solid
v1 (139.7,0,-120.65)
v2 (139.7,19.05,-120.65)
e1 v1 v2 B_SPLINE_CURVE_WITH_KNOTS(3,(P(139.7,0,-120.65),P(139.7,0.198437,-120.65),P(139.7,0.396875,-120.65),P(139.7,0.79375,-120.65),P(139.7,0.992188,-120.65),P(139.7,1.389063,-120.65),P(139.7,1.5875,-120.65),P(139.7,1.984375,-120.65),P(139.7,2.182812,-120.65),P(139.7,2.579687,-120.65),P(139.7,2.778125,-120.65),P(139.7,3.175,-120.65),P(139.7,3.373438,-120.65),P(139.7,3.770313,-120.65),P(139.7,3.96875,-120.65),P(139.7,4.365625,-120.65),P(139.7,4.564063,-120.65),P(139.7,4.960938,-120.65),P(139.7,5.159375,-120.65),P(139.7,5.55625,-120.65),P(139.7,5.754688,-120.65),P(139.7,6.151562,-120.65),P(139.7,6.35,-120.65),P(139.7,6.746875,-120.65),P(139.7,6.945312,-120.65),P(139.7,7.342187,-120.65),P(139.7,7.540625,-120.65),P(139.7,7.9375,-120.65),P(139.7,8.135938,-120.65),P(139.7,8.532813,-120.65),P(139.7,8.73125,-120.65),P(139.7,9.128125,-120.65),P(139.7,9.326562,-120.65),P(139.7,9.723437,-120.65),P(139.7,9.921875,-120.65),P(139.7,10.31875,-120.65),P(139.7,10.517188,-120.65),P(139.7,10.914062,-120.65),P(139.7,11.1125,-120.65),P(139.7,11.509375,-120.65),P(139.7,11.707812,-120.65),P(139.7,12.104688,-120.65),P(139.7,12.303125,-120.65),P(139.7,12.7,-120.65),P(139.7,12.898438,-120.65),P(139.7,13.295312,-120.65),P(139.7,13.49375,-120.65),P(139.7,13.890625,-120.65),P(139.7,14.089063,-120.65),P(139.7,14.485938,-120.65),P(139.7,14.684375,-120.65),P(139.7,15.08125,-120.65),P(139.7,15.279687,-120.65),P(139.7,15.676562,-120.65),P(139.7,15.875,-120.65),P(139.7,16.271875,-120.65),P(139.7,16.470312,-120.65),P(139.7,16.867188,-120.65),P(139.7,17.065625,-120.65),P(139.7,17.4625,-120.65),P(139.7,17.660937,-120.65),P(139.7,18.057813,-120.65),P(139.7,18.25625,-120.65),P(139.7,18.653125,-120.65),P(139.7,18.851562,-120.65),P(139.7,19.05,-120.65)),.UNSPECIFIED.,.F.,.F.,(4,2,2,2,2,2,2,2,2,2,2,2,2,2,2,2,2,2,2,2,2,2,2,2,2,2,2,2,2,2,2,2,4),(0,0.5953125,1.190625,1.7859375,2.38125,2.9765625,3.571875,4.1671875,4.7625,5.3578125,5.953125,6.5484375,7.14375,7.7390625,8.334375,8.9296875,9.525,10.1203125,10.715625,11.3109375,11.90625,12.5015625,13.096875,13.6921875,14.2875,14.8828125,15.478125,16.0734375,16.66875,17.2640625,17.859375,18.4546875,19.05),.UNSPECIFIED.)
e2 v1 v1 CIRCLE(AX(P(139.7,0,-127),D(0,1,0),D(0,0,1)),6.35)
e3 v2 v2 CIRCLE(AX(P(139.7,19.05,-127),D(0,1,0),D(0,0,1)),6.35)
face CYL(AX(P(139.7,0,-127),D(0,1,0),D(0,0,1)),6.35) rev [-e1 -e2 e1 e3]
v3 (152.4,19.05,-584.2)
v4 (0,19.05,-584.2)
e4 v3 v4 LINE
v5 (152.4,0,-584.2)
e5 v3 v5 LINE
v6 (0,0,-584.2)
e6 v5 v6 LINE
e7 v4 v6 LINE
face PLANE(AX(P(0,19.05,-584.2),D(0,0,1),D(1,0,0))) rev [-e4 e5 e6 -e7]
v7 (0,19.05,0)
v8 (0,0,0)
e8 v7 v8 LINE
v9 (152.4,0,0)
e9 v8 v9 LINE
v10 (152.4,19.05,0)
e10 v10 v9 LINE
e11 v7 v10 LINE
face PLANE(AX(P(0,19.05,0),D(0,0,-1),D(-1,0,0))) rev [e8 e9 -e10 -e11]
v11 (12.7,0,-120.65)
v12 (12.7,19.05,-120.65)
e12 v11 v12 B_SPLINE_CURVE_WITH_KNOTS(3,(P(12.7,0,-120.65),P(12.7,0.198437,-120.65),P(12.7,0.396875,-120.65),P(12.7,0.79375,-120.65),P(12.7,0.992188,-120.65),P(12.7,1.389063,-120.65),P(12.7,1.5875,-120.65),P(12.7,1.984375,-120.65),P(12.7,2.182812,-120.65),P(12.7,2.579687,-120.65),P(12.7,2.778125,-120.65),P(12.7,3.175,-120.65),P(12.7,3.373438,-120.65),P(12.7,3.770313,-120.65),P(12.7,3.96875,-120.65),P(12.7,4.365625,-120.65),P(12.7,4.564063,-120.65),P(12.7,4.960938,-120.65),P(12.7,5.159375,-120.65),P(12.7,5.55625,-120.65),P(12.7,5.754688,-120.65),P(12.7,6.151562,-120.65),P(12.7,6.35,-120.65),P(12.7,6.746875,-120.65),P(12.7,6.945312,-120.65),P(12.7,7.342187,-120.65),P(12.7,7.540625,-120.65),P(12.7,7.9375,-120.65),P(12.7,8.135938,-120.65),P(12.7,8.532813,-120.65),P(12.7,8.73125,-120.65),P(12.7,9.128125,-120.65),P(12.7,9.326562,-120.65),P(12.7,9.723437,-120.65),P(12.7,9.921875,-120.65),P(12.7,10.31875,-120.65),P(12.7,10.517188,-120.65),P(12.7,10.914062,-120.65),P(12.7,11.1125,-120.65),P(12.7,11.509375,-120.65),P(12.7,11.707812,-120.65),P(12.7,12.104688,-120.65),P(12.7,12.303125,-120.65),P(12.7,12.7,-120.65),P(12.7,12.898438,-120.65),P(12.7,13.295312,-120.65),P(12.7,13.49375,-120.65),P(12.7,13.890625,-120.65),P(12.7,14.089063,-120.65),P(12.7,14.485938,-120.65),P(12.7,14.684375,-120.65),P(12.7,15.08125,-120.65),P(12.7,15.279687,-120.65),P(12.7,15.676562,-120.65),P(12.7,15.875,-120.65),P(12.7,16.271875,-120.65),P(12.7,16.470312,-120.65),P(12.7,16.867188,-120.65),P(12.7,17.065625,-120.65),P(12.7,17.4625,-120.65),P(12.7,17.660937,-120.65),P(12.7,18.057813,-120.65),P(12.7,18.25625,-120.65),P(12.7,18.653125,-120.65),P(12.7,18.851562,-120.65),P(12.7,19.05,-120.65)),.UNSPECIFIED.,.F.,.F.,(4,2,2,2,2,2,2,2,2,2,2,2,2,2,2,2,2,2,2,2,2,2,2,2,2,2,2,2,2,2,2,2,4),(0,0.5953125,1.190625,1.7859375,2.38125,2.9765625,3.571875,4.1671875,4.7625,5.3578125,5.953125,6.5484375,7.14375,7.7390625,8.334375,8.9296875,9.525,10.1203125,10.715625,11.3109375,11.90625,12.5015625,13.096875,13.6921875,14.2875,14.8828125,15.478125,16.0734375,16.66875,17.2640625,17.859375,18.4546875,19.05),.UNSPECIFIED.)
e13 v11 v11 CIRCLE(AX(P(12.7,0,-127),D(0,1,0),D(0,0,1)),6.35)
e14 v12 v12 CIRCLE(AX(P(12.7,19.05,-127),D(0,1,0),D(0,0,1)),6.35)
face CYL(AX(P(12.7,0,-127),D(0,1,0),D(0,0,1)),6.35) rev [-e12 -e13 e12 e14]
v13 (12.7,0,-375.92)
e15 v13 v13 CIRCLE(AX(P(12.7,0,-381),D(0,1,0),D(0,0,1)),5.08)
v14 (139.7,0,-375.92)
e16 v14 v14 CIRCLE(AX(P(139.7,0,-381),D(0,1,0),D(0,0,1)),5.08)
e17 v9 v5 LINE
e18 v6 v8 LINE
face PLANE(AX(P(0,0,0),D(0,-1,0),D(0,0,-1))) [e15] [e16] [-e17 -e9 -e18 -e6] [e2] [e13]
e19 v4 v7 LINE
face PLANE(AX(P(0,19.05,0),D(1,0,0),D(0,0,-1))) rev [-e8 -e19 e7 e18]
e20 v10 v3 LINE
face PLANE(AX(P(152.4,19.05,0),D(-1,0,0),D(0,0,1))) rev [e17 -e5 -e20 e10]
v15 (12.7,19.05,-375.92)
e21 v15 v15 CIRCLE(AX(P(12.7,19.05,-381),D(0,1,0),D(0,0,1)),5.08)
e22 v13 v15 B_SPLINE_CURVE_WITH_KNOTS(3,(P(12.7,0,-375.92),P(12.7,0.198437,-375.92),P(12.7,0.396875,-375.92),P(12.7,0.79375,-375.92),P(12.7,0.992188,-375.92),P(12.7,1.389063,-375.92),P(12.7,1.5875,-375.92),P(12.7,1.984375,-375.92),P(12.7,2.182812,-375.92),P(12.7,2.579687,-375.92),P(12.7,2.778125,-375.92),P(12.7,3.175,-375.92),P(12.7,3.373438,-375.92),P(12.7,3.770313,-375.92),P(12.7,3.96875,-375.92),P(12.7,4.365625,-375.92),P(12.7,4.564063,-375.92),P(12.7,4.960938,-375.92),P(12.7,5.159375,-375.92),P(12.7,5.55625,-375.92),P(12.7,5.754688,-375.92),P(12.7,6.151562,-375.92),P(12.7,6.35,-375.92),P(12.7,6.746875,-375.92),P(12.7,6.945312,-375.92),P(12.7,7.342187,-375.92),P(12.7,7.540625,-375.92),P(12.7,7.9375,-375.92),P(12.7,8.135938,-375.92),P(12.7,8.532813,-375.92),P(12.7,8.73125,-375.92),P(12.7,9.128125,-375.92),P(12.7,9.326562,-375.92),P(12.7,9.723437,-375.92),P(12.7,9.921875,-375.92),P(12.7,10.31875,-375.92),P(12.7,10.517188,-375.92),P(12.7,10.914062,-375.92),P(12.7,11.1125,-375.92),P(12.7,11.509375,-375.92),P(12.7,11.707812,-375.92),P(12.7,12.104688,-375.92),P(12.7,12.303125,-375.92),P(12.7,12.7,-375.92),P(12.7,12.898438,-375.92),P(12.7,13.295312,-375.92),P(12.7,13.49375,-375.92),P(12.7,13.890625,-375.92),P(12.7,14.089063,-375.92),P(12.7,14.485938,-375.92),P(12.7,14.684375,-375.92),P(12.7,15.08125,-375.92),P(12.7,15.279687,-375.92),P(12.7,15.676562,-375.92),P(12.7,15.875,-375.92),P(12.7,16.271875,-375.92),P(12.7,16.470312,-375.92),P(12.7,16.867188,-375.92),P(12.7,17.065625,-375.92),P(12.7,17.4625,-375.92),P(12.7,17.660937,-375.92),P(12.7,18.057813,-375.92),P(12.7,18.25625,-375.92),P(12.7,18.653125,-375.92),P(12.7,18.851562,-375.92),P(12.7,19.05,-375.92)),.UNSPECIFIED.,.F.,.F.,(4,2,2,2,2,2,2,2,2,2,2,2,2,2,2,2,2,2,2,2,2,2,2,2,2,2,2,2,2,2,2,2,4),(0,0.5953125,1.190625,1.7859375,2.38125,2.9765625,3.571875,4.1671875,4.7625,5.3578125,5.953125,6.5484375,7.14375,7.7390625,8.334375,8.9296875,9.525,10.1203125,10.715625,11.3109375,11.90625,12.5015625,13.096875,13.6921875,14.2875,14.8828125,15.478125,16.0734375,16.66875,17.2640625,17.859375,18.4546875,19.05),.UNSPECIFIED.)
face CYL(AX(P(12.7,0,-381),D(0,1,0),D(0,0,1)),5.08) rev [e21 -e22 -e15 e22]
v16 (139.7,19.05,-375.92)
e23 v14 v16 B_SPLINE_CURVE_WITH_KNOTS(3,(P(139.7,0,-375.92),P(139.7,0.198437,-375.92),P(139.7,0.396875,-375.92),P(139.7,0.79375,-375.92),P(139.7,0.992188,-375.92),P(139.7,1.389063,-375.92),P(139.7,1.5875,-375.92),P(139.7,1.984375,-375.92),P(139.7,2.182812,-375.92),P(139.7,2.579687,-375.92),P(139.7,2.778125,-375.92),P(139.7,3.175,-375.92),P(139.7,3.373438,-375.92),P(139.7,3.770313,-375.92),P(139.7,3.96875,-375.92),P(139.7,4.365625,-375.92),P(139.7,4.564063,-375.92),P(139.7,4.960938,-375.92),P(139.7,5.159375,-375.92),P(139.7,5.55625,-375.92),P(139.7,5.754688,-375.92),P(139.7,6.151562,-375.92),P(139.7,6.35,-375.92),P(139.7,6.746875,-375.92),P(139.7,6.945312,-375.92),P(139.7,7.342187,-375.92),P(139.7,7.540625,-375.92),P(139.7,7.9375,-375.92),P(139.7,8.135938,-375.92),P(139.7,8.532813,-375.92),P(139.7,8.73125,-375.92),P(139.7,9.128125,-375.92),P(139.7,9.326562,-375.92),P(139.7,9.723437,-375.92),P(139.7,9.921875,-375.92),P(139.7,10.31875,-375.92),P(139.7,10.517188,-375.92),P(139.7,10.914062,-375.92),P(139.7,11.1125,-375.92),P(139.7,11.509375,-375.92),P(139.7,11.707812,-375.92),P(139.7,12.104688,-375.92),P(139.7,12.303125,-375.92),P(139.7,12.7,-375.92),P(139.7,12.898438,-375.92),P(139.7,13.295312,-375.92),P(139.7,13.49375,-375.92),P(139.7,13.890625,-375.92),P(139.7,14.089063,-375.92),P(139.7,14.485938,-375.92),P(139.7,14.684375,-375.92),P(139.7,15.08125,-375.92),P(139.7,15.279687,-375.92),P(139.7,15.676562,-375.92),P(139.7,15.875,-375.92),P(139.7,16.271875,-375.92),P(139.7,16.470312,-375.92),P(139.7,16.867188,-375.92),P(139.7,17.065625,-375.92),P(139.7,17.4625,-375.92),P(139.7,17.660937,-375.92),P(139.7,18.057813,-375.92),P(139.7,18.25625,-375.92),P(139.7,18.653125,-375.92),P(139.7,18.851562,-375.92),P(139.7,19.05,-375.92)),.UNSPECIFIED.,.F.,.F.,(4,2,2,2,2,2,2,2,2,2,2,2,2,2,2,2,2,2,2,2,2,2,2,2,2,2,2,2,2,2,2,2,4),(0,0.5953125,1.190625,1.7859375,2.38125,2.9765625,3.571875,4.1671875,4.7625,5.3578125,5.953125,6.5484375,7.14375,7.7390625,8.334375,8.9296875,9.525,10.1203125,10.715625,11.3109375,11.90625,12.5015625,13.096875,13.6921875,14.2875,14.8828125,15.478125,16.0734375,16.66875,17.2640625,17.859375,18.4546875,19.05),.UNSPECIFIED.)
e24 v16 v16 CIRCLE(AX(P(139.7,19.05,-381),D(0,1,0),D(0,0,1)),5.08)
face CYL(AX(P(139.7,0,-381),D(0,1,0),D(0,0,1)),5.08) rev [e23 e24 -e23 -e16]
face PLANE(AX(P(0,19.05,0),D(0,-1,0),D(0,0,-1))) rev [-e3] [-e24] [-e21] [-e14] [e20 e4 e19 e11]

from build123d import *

# Parameters (mm, degrees)
SKETCH1_W           = 152.4
SKETCH1_H           = 584.2
BOSS_EXTRUDE1_DEPTH = 19.05
SKETCH2_R           = 5.08
SKETCH2_R_2         = 6.35
CUT_EXTRUDE1_DEPTH  = 605.051572715


with BuildPart() as part:
    # Sketch1 → Boss-Extrude1 (new body)
    with BuildSketch(Plane(origin=(0, 0, 0), x_dir=(1, 0, 0), z_dir=(0, 1, 0))):
        with Locations((76.2, 292.1)):
            Rectangle(SKETCH1_W, SKETCH1_H)
    extrude(amount=BOSS_EXTRUDE1_DEPTH)

    # Sketch2 → Cut-Extrude1 (cut, through all)
    with BuildSketch(Plane(origin=(0, 19.05, 0), x_dir=(1, 0, 0), z_dir=(0, 1, 0))):
        with Locations(Location((12.7, 381, 0), (0, 0, 270))):
            Circle(SKETCH2_R)
        with Locations(Location((139.7, 381, 0), (0, 0, 270))):
            Circle(SKETCH2_R)
        with Locations(Location((12.7, 127, 0), (0, 0, 270))):
            Circle(SKETCH2_R_2)
        with Locations(Location((139.7, 127, 0), (0, 0, 270))):
            Circle(SKETCH2_R_2)
    extrude(amount=-CUT_EXTRUDE1_DEPTH, mode=Mode.SUBTRACT)


solid = part.part
